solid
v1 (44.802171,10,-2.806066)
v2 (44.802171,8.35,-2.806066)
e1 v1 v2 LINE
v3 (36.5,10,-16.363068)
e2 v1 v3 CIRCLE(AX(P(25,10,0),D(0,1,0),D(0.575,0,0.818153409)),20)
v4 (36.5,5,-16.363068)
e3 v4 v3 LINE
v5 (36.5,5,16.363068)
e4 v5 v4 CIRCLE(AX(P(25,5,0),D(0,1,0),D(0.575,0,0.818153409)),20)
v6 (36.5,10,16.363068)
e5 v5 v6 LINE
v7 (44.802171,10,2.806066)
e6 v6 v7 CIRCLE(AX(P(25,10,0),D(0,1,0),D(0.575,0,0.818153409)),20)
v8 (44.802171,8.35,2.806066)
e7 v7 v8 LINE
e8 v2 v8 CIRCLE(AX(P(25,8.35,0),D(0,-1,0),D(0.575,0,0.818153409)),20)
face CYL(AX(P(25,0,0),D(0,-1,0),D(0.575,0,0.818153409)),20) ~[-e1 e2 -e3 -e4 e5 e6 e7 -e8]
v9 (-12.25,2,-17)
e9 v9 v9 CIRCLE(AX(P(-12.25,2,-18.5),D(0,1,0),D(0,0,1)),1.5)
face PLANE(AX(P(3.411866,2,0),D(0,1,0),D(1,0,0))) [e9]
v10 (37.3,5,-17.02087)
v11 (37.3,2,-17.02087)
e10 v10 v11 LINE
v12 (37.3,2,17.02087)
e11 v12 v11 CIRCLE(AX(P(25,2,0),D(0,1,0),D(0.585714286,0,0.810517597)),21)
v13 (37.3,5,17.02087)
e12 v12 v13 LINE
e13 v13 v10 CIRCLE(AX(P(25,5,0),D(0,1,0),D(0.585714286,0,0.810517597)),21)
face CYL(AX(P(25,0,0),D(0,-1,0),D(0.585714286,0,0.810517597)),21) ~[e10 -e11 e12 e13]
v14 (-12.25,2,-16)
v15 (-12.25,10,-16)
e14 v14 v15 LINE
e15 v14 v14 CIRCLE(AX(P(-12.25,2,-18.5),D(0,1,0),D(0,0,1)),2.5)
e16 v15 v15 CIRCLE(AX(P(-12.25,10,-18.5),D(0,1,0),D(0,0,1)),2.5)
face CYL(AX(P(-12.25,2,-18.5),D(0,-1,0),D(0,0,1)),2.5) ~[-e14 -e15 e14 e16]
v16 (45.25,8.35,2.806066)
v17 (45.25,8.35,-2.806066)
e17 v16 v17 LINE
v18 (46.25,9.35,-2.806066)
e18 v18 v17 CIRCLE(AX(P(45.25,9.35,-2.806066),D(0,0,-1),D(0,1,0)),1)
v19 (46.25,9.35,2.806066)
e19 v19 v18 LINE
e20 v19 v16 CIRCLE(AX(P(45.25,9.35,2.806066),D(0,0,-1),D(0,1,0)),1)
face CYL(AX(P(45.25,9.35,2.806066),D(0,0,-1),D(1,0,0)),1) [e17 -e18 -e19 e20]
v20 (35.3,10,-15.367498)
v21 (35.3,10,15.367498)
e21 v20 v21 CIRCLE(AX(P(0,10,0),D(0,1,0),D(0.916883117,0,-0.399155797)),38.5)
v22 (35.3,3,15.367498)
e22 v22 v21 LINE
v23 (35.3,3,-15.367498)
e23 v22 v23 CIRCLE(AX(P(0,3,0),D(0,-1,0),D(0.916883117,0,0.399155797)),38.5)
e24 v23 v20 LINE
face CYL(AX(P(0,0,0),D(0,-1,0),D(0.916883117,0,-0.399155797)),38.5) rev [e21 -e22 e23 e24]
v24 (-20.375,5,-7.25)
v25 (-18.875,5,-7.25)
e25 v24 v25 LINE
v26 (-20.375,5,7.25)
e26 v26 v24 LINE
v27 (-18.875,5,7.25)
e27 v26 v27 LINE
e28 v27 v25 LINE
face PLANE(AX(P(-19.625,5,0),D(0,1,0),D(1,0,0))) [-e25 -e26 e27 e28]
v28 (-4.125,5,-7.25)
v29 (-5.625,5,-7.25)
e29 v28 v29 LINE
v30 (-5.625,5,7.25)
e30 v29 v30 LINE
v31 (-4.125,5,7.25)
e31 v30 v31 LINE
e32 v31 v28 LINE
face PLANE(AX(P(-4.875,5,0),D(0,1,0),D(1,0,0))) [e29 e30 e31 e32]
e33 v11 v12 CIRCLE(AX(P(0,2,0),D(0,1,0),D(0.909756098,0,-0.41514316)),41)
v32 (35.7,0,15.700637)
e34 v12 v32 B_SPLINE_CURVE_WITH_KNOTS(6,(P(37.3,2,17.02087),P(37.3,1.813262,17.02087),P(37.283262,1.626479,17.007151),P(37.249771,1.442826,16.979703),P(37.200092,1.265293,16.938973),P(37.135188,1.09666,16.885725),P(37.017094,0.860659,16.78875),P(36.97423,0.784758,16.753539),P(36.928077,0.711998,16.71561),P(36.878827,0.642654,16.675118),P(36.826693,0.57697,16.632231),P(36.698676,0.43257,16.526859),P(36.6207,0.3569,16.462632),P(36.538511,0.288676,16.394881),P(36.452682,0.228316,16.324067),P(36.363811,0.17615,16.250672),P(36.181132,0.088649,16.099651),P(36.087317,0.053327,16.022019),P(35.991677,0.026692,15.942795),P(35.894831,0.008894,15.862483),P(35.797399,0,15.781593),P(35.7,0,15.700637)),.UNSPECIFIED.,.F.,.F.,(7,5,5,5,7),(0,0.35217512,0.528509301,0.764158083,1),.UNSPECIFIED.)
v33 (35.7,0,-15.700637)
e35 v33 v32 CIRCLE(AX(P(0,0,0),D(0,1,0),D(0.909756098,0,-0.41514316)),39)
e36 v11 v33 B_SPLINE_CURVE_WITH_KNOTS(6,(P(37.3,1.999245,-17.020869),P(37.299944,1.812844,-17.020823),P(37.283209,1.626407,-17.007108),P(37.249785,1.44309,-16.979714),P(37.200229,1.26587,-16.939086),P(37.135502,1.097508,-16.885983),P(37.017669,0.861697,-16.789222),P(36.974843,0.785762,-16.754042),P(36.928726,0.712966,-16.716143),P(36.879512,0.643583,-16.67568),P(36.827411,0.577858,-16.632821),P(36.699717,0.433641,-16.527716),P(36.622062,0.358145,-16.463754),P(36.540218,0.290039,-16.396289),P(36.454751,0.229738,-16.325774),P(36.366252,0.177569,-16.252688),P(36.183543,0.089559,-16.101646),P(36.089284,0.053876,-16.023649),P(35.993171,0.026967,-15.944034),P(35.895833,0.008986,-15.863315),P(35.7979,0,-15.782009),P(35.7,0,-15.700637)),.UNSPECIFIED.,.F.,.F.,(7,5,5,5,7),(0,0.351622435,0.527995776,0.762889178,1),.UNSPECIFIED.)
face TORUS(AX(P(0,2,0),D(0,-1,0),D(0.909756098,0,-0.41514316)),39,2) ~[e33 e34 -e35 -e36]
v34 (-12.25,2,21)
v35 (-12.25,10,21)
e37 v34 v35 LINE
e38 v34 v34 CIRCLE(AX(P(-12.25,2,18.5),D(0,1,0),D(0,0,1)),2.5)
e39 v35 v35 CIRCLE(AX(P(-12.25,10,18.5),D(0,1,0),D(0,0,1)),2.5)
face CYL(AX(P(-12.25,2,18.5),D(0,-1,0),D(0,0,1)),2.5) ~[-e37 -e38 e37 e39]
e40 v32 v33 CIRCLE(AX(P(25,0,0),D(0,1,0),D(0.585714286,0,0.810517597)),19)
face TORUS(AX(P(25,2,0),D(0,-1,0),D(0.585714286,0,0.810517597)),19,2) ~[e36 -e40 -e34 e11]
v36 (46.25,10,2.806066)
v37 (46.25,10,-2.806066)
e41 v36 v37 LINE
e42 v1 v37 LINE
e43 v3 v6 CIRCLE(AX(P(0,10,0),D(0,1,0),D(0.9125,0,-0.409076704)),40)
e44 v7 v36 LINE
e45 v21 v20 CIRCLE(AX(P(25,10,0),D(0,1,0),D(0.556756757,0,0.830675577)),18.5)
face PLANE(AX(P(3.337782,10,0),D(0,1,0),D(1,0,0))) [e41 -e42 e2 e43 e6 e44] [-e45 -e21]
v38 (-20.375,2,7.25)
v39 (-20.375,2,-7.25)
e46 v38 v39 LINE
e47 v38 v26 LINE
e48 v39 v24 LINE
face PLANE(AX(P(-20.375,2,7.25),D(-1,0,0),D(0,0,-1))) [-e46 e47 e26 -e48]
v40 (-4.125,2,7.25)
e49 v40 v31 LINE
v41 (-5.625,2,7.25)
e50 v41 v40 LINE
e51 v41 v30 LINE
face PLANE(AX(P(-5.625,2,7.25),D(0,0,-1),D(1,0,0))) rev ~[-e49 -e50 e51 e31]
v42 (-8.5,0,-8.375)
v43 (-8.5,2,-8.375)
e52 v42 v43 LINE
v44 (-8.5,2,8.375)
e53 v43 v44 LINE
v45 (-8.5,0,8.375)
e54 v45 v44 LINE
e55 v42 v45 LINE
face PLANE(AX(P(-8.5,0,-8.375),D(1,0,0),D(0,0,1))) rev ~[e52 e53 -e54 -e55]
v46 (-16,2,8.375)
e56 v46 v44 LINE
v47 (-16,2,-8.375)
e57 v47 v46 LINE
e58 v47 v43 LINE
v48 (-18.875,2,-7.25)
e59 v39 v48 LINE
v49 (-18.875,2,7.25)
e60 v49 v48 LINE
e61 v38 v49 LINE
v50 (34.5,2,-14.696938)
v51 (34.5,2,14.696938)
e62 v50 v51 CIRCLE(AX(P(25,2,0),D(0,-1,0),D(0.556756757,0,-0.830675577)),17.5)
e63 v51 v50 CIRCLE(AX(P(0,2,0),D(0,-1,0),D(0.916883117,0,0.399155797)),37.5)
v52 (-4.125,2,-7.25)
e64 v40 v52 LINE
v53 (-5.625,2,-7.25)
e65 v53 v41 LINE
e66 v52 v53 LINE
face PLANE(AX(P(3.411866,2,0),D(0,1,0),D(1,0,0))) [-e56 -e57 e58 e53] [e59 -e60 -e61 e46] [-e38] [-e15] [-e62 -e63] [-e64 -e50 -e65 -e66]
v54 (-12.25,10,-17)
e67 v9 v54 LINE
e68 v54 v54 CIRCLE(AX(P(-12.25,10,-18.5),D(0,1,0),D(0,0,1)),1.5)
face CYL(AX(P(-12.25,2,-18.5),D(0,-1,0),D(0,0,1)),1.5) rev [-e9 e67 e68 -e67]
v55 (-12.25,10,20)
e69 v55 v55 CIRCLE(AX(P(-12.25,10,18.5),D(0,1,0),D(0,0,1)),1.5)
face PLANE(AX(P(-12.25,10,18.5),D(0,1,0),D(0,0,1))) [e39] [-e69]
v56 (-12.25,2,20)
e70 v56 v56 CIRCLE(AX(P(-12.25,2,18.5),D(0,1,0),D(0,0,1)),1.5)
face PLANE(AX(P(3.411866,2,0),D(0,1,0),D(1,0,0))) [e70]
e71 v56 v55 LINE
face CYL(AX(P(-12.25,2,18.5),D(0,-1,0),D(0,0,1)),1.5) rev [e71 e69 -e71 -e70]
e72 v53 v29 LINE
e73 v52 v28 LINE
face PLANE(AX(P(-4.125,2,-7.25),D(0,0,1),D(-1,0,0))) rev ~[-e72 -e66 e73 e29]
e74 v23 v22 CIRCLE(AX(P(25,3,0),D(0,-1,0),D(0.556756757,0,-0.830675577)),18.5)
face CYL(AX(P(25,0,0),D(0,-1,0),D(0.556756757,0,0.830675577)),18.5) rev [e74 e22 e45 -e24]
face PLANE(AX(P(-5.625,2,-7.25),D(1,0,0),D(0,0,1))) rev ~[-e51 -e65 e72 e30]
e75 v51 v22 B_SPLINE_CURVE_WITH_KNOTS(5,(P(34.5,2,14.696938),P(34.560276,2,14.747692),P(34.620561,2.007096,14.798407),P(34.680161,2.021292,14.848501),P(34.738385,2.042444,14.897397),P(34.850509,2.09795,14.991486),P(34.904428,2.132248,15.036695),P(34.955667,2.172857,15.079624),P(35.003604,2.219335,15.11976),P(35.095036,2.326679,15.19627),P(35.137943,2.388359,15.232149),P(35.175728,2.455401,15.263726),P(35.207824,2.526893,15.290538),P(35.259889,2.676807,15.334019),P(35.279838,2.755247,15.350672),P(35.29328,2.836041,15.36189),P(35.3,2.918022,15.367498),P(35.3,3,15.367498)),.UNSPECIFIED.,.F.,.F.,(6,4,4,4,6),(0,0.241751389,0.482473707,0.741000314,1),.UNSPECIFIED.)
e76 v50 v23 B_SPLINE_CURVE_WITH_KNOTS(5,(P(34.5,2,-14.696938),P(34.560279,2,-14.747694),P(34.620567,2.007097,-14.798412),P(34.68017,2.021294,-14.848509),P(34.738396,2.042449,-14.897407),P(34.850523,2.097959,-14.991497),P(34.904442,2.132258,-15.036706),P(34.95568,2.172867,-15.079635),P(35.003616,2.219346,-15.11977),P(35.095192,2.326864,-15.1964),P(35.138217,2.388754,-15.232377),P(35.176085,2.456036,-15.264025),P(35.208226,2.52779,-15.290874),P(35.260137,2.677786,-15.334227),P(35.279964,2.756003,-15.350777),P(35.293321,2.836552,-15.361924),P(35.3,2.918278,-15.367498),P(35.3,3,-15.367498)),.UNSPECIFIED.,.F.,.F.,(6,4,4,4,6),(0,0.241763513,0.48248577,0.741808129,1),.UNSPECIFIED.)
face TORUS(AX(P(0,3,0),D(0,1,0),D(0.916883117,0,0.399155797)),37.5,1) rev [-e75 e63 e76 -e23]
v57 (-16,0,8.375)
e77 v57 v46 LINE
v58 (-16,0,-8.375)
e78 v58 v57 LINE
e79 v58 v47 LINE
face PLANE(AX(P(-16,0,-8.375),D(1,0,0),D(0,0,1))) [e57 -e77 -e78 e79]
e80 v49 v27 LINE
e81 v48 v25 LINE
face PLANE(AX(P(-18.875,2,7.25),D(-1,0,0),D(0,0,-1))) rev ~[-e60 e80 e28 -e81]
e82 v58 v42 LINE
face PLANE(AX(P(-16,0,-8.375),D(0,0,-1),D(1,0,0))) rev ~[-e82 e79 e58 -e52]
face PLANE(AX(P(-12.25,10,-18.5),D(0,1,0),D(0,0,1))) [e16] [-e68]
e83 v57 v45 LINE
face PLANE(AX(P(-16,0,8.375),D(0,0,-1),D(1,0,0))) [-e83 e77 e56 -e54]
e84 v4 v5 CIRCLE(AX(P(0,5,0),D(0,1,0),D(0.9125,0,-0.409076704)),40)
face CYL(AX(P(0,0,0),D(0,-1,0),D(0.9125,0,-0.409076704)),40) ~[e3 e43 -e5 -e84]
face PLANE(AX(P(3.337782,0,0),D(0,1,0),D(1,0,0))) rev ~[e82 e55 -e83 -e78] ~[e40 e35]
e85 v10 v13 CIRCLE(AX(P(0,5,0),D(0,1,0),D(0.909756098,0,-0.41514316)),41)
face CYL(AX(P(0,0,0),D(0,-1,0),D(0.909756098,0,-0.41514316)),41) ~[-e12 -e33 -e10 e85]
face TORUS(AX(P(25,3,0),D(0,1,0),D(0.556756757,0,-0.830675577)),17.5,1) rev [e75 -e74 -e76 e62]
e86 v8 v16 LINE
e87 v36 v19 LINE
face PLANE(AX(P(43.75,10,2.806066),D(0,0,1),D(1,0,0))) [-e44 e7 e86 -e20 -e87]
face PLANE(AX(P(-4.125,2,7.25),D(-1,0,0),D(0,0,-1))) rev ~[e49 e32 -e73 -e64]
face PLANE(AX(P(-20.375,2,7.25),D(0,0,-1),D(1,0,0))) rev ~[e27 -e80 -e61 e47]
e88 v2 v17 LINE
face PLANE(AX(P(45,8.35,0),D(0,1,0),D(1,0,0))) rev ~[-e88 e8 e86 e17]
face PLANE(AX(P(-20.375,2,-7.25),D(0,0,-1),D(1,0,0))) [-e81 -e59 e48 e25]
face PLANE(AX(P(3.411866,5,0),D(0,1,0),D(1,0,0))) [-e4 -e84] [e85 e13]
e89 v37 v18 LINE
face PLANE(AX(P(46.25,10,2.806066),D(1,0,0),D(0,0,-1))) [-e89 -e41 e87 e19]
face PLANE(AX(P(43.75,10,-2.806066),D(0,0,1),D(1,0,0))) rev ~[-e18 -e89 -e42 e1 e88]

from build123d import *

# Parameters (mm, degrees)
BOSS_EXTRUDE3_DEPTH = 2
BOSS_EXTRUDE4_DEPTH = 10
BOSS_EXTRUDE5_DEPTH = 5
SKETCH11_W          = 2.5
SKETCH11_H          = 5.612132728
BOSS_EXTRUDE7_DEPTH = 1.65
FILLET2_R           = 1
SKETCH12_W          = 7.5
SKETCH12_H          = 16.75
CUT_EXTRUDE1_DEPTH  = 2
SKETCH17_W          = 1.5
SKETCH17_H          = 14.5
BOSS_EXTRUDE8_DEPTH = 3
SKETCH18_R          = 2.5
SKETCH18_R_2        = 1.5
BOSS_EXTRUDE9_DEPTH = 8
FILLET3_R           = 2
FILLET4_R           = 1


with BuildPart() as part:
    # Sketch4 → Boss-Extrude3 (new body)
    with BuildSketch(Plane(origin=(0, 0, 0), x_dir=(1, 0, 0), z_dir=(0, 1, 0))):
        with BuildLine():
            ThreePointArc((37.3, 17.020869543), (-41, 0), (37.3, -17.020869543))
            ThreePointArc((37.3, -17.020869543), (46, 0), (37.3, 17.020869543))
        make_face()
    extrude(amount=BOSS_EXTRUDE3_DEPTH)

    # Sketch4<5> → Boss-Extrude4 (add)
    with BuildSketch(Plane(origin=(0, 0, 0), x_dir=(1, 0, 0), z_dir=(0, 1, 0))):
        with BuildLine():
            ThreePointArc((36.5, 16.363068172), (-40, 0), (36.5, -16.363068172))
            ThreePointArc((36.5, -16.363068172), (45, 0), (36.5, 16.363068172))
        make_face()
        with BuildLine():
            ThreePointArc((35.3, -15.36749817), (43.5, 0), (35.3, 15.36749817))
            ThreePointArc((35.3, 15.36749817), (-38.5, 0), (35.3, -15.36749817))
        make_face(mode=Mode.SUBTRACT)
    extrude(amount=BOSS_EXTRUDE4_DEPTH)

    # Sketch4<6> → Boss-Extrude5 (add)
    with BuildSketch(Plane(origin=(0, 0, 0), x_dir=(1, 0, 0), z_dir=(0, 1, 0))):
        with BuildLine():
            ThreePointArc((37.3, 17.020869543), (-41, 0), (37.3, -17.020869543))
            ThreePointArc((37.3, -17.020869543), (46, 0), (37.3, 17.020869543))
        make_face()
        with BuildLine():
            ThreePointArc((36.5, -16.363068172), (45, 0), (36.5, 16.363068172))
            ThreePointArc((36.5, 16.363068172), (-40, 0), (36.5, -16.363068172))
        make_face(mode=Mode.SUBTRACT)
    extrude(amount=BOSS_EXTRUDE5_DEPTH)

    # Sketch11 → Boss-Extrude7 (add)
    with BuildSketch(Plane(origin=(0, 10, 0), x_dir=(1, 0, 0), z_dir=(0, 1, 0))):
        with Locations((45, 0)):
            Rectangle(SKETCH11_W, SKETCH11_H)
    extrude(amount=-BOSS_EXTRUDE7_DEPTH)

    # Fillet2
    fillet2_edges = [part.edges().sort_by_distance(p)[0] for p in [
        (46.25, 8.35, 0),
    ]]
    fillet(fillet2_edges, radius=FILLET2_R)

    # Sketch12 → Cut-Extrude1 (cut)
    with BuildSketch(Plane.XZ):
        with Locations((-12.25, 0)):
            Rectangle(SKETCH12_W, SKETCH12_H)
    extrude(amount=-CUT_EXTRUDE1_DEPTH, mode=Mode.SUBTRACT)

    # Sketch17 → Boss-Extrude8 (add)
    with BuildSketch(Plane(origin=(0, 2, 0), x_dir=(1, 0, 0), z_dir=(0, 1, 0))):
        Polygon((-5.625, 0), (-5.625, -7.25), (-4.125, -7.25), (-4.125, 7.25), (-5.625, 7.25), align=None)
        with Locations((-19.625, 0)):
            Rectangle(SKETCH17_W, SKETCH17_H)
    extrude(amount=BOSS_EXTRUDE8_DEPTH)

    # Sketch18 → Boss-Extrude9 (add)
    # profile 1 of 2: a face of its own
    with BuildSketch(Plane(origin=(0, 2, 0), x_dir=(1, 0, 0), z_dir=(0, 1, 0))):
        with Locations(Location((-12.25, -18.5, 0), (0, 0, 270))):
            Circle(SKETCH18_R)
        with Locations(Location((-12.25, -18.5, 0), (0, 0, 270))):
            Circle(SKETCH18_R_2, mode=Mode.SUBTRACT)
    # profile 2 of 2: a face of its own
    with BuildSketch(Plane(origin=(0, 2, 0), x_dir=(1, 0, 0), z_dir=(0, 1, 0))):
        with Locations(Location((-12.25, 18.5, 0), (0, 0, 270))):
            Circle(SKETCH18_R)
        with Locations(Location((-12.25, 18.5, 0), (0, 0, 270))):
            Circle(SKETCH18_R_2, mode=Mode.SUBTRACT)
    extrude(amount=BOSS_EXTRUDE9_DEPTH)

    # Fillet3
    fillet3_edges = [part.edges().sort_by_distance(p)[0] for p in [
        (46, 0, 0),
        (-41, 0, 0),
    ]]
    fillet(fillet3_edges, radius=FILLET3_R)

    # Fillet4
    fillet4_edges = [part.edges().sort_by_distance(p)[0] for p in [
        (43.5, 2, 0),
        (-38.5, 2, 0),
    ]]
    fillet(fillet4_edges, radius=FILLET4_R)


solid = part.part
